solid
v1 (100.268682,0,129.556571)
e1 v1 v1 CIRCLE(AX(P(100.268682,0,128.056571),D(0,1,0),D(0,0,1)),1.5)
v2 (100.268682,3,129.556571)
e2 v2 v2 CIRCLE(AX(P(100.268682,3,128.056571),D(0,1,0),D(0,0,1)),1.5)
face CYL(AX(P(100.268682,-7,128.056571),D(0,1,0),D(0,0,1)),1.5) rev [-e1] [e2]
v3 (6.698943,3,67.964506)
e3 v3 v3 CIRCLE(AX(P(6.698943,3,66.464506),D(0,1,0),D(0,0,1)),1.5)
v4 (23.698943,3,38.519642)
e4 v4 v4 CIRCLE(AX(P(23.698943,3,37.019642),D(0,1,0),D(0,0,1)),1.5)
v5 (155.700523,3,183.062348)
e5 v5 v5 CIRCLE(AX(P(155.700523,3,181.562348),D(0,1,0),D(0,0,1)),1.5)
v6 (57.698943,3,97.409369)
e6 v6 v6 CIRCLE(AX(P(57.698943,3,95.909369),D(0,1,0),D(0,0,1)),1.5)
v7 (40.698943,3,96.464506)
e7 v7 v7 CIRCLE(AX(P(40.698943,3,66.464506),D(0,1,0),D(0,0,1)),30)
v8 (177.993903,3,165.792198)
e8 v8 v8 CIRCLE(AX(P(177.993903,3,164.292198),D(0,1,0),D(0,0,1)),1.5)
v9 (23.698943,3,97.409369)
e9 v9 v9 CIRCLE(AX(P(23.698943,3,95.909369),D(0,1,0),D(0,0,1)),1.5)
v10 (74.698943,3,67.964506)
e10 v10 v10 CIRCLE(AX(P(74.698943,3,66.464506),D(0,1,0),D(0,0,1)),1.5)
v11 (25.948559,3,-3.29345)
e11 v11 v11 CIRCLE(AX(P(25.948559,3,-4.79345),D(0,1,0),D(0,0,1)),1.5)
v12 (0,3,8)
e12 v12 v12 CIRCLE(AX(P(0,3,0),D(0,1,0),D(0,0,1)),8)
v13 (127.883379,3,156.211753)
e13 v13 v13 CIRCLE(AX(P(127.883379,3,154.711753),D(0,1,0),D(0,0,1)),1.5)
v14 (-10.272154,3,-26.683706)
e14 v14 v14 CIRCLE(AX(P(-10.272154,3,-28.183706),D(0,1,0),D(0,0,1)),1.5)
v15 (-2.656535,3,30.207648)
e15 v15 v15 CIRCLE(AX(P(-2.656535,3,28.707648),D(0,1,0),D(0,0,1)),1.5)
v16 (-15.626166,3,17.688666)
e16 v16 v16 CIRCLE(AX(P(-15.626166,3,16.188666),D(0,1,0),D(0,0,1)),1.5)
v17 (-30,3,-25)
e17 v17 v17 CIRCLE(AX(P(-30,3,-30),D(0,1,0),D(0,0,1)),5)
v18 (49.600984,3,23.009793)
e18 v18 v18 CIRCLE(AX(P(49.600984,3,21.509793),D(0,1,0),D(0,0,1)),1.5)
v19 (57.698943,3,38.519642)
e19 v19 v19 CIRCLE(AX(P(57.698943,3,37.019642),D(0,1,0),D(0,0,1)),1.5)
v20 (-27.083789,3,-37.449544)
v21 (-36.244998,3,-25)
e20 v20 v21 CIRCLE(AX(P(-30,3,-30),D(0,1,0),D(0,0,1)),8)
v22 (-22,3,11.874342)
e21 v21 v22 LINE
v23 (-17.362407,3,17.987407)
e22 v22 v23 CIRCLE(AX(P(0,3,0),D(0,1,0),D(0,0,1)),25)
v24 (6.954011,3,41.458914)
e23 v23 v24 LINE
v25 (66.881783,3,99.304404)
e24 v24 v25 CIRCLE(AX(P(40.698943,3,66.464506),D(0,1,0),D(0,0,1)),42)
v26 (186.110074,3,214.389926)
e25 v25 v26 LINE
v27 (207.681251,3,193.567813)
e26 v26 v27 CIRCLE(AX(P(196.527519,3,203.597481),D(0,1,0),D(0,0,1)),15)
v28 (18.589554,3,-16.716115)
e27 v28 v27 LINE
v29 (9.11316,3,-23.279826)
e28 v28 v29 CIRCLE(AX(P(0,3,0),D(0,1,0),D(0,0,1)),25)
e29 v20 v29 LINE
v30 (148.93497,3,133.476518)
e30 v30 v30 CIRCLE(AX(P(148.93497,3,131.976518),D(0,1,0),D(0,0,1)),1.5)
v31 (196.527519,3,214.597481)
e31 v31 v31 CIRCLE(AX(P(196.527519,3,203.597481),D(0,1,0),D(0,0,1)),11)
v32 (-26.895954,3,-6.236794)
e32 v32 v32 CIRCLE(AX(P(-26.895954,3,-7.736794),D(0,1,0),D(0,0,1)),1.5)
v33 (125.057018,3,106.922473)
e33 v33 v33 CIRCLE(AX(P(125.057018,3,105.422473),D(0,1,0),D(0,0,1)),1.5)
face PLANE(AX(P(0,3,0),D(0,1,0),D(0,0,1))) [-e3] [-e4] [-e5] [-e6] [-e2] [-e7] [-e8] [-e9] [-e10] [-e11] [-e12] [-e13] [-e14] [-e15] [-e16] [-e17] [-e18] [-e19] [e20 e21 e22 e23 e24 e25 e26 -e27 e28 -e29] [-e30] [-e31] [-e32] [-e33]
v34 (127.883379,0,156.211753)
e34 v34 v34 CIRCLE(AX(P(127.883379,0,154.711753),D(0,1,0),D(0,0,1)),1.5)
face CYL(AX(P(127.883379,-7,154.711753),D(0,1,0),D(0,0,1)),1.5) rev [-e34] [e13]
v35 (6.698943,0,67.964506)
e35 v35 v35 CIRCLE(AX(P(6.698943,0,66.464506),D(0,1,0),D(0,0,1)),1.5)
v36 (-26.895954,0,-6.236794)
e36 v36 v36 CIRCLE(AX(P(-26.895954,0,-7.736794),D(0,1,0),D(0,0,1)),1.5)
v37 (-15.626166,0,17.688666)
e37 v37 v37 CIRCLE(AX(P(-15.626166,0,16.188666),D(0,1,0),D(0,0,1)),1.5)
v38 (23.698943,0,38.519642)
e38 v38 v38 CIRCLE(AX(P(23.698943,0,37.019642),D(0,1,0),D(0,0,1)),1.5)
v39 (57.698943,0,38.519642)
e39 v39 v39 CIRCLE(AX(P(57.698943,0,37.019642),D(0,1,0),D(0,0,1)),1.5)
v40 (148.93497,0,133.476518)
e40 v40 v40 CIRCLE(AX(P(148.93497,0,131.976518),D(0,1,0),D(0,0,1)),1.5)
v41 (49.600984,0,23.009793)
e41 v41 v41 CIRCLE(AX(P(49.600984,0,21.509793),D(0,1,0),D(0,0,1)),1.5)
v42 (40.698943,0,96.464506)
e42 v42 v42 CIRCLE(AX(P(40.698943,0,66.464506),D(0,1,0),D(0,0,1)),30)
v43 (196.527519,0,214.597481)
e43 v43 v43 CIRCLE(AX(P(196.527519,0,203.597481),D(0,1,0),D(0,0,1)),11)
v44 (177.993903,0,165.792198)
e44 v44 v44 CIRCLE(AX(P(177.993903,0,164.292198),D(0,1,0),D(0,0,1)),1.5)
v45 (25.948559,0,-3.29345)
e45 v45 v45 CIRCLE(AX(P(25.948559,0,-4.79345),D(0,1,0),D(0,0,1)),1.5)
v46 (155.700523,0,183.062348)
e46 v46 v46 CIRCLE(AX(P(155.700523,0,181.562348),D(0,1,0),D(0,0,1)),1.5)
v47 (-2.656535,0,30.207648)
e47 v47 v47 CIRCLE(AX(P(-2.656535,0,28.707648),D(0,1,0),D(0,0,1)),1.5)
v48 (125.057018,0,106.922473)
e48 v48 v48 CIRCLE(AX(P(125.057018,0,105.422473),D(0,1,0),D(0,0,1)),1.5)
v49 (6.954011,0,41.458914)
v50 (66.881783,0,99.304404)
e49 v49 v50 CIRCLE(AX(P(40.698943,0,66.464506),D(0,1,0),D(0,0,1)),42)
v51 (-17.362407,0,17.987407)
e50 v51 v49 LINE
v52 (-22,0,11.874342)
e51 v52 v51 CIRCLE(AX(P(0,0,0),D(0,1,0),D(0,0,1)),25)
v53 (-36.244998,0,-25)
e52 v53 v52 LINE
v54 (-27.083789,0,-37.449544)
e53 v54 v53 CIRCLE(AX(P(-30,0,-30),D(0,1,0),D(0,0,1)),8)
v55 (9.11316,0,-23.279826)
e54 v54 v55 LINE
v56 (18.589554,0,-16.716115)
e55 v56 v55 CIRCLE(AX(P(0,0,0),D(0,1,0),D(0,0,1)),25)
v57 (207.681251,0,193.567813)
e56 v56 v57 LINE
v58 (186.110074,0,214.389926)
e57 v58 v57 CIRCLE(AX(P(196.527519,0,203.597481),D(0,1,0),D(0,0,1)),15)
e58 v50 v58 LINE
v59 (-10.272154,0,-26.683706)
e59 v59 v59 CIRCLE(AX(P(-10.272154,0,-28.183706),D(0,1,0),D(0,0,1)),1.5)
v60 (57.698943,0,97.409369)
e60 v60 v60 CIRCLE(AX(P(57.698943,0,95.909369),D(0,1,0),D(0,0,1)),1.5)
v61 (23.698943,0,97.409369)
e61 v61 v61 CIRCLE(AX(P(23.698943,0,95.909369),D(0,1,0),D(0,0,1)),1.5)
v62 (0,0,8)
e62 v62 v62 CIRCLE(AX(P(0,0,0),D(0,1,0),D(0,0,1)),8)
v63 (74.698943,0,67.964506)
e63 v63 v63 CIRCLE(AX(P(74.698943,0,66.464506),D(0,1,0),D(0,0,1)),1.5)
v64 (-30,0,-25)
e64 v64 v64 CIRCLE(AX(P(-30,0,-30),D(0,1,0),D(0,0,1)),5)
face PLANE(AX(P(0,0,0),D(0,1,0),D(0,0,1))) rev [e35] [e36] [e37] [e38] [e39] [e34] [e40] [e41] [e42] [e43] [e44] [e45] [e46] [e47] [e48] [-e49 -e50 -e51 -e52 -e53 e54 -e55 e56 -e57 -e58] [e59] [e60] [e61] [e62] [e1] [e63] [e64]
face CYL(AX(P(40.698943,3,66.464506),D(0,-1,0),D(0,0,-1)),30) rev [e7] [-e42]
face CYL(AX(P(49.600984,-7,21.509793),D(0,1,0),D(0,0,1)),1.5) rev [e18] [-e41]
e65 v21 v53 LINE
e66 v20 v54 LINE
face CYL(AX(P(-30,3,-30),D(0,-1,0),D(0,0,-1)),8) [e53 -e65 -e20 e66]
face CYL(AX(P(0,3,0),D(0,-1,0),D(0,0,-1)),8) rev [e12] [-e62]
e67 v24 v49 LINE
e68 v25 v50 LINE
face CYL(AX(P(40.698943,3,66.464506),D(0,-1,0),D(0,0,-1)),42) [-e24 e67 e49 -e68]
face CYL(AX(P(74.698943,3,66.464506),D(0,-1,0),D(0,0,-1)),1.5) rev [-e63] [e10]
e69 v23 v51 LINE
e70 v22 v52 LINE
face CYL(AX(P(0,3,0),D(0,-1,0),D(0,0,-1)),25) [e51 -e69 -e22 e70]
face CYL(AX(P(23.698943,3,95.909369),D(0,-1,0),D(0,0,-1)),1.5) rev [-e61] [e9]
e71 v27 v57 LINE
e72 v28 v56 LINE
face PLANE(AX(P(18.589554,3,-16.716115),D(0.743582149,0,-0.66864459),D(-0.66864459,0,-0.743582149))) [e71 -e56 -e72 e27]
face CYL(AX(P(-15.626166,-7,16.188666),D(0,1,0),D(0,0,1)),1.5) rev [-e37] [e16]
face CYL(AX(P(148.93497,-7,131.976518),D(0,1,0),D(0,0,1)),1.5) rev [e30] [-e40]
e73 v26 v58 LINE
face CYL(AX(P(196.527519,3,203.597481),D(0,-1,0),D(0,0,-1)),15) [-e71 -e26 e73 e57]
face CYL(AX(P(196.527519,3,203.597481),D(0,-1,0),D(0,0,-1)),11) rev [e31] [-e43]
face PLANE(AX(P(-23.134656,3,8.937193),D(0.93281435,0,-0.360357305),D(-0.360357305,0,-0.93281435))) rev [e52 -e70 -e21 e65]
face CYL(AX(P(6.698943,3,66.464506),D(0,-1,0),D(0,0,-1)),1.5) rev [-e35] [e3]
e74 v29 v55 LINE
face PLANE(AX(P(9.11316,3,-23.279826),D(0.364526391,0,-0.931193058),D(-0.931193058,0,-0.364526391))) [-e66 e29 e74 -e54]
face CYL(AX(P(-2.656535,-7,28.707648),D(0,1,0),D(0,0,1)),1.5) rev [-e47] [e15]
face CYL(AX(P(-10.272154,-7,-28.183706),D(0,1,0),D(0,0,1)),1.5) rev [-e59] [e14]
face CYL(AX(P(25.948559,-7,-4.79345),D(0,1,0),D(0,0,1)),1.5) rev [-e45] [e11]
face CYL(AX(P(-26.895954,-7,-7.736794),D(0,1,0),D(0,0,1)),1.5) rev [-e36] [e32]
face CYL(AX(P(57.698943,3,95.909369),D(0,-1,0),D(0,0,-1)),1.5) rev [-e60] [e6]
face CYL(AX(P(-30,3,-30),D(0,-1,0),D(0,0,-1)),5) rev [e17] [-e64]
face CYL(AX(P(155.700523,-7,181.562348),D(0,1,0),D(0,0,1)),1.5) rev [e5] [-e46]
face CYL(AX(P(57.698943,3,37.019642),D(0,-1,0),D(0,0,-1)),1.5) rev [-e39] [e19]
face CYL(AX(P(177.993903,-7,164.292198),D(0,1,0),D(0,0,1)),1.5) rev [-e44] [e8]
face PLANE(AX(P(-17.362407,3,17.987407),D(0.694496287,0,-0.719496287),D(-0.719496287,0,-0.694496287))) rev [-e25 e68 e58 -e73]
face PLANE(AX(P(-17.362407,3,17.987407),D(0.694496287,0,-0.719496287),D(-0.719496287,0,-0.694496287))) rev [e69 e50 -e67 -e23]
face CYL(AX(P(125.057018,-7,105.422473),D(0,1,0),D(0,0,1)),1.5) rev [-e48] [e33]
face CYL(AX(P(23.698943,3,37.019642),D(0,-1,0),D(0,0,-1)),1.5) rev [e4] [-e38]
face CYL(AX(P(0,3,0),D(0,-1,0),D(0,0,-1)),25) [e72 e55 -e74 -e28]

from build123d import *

# Parameters (mm, degrees)
SKETCH1_R           = 30
SKETCH1_R_2         = 5
SKETCH1_R_3         = 8
SKETCH1_R_4         = 1.5
SKETCH1_R_5         = 11
BOSS_EXTRUDE1_DEPTH = 3
CUT_EXTRUDE1_START  = -10
SKETCH2_R           = 8
SKETCH2_R_2         = 1.5
CUT_EXTRUDE1_DEPTH  = 10


with BuildPart() as part:
    # Sketch1 → Boss-Extrude1 (new body)
    with BuildSketch(Plane(origin=(0, 0, 0), x_dir=(1, 0, 0), z_dir=(0, 1, 0))):
        with BuildLine():
            Line((9.113159771, 23.279826438), (-27.083788873, 37.44954446))
            ThreePointArc((-27.083788873, 37.44954446), (-36.443445881, 34.74151929), (-36.244997998, 25))
            Line((-36.244997998, 25), (-22, -11.874342087))
            ThreePointArc((-22, -11.874342087), (-19.917132472, -15.109858837), (-17.362407178, -17.987407178))
            Line((-17.362407178, -17.987407178), (6.954011254, -41.458914425))
            ThreePointArc((6.954011254, -41.458914425), (11.530098852, -96.683349609), (66.881782611, -99.30440362))
            Line((66.881782611, -99.30440362), (186.110074258, -214.389925742))
            ThreePointArc((186.110074258, -214.389925742), (206.945082055, -214.389810698), (207.681250796, -193.567812582))
            Line((207.681250796, -193.567812582), (18.589553719, 16.716114756))
            ThreePointArc((18.589553719, 16.716114756), (14.234839706, 20.551626178), (9.113159771, 23.279826438))
        make_face()
        with Locations(Location((40.698942911, -66.46450555, 0), (0, 0, 270))):
            Circle(SKETCH1_R, mode=Mode.SUBTRACT)
        with Locations(Location((-30, 30, 0), (0, 0, 270))):
            Circle(SKETCH1_R_2, mode=Mode.SUBTRACT)
        with Locations(Location((0, 0, 0), (0, 0, 270))):
            Circle(SKETCH1_R_3, mode=Mode.SUBTRACT)
        with Locations(Location((57.698942911, -37.019641821, 0), (0, 0, 270))):
            Circle(SKETCH1_R_4, mode=Mode.SUBTRACT)
        with Locations(Location((23.698942911, -37.019641821, 0), (0, 0, 270))):
            Circle(SKETCH1_R_4, mode=Mode.SUBTRACT)
        with Locations(Location((74.698942911, -66.46450555, 0), (0, 0, 270))):
            Circle(SKETCH1_R_4, mode=Mode.SUBTRACT)
        with Locations(Location((6.698942911, -66.46450555, 0), (0, 0, 270))):
            Circle(SKETCH1_R_4, mode=Mode.SUBTRACT)
        with Locations(Location((57.698942911, -95.909369279, 0), (0, 0, 270))):
            Circle(SKETCH1_R_4, mode=Mode.SUBTRACT)
        with Locations(Location((23.698942911, -95.909369279, 0), (0, 0, 270))):
            Circle(SKETCH1_R_4, mode=Mode.SUBTRACT)
        with Locations(Location((196.527518564, -203.597481436, 0), (0, 0, 270))):
            Circle(SKETCH1_R_5, mode=Mode.SUBTRACT)
    extrude(amount=BOSS_EXTRUDE1_DEPTH)

    # Sketch2 → Cut-Extrude1 (cut)
    with BuildSketch(Plane(origin=(0, 3, 0), x_dir=(1, 0, 0), z_dir=(0, 1, 0)).offset(CUT_EXTRUDE1_START)):
        with Locations(Location((0, 0, 0), (0, 0, 270))):
            Circle(SKETCH2_R)
        with Locations(Location((-15.62616646, -16.18866646, 0), (0, 0, 270))):
            Circle(SKETCH2_R_2)
        with Locations(Location((-2.656534873, -28.707648342, 0), (0, 0, 270))):
            Circle(SKETCH2_R_2)
        with Locations(Location((127.883379131, -154.711753185, 0), (0, 0, 270))):
            Circle(SKETCH2_R_2)
        with Locations(Location((100.268681967, -128.056570951, 0), (0, 0, 270))):
            Circle(SKETCH2_R_2)
        with Locations(Location((155.700523111, -181.562347912, 0), (0, 0, 270))):
            Circle(SKETCH2_R_2)
        with Locations(Location((148.934969969, -131.976518297, 0), (0, 0, 270))):
            Circle(SKETCH2_R_2)
        with Locations(Location((177.993903369, -164.292197589, 0), (0, 0, 270))):
            Circle(SKETCH2_R_2)
        with Locations(Location((125.057017775, -105.422472605, 0), (0, 0, 270))):
            Circle(SKETCH2_R_2)
        with Locations(Location((49.600984197, -21.509792527, 0), (0, 0, 270))):
            Circle(SKETCH2_R_2)
        with Locations(Location((25.948559408, 4.79345004, 0), (0, 0, 270))):
            Circle(SKETCH2_R_2)
        with Locations(Location((-26.895954044, 7.736794096, 0), (0, 0, 270))):
            Circle(SKETCH2_R_2)
        with Locations(Location((-10.272154034, 28.183705865, 0), (0, 0, 270))):
            Circle(SKETCH2_R_2)
    extrude(amount=CUT_EXTRUDE1_DEPTH, mode=Mode.SUBTRACT)


solid = part.part
